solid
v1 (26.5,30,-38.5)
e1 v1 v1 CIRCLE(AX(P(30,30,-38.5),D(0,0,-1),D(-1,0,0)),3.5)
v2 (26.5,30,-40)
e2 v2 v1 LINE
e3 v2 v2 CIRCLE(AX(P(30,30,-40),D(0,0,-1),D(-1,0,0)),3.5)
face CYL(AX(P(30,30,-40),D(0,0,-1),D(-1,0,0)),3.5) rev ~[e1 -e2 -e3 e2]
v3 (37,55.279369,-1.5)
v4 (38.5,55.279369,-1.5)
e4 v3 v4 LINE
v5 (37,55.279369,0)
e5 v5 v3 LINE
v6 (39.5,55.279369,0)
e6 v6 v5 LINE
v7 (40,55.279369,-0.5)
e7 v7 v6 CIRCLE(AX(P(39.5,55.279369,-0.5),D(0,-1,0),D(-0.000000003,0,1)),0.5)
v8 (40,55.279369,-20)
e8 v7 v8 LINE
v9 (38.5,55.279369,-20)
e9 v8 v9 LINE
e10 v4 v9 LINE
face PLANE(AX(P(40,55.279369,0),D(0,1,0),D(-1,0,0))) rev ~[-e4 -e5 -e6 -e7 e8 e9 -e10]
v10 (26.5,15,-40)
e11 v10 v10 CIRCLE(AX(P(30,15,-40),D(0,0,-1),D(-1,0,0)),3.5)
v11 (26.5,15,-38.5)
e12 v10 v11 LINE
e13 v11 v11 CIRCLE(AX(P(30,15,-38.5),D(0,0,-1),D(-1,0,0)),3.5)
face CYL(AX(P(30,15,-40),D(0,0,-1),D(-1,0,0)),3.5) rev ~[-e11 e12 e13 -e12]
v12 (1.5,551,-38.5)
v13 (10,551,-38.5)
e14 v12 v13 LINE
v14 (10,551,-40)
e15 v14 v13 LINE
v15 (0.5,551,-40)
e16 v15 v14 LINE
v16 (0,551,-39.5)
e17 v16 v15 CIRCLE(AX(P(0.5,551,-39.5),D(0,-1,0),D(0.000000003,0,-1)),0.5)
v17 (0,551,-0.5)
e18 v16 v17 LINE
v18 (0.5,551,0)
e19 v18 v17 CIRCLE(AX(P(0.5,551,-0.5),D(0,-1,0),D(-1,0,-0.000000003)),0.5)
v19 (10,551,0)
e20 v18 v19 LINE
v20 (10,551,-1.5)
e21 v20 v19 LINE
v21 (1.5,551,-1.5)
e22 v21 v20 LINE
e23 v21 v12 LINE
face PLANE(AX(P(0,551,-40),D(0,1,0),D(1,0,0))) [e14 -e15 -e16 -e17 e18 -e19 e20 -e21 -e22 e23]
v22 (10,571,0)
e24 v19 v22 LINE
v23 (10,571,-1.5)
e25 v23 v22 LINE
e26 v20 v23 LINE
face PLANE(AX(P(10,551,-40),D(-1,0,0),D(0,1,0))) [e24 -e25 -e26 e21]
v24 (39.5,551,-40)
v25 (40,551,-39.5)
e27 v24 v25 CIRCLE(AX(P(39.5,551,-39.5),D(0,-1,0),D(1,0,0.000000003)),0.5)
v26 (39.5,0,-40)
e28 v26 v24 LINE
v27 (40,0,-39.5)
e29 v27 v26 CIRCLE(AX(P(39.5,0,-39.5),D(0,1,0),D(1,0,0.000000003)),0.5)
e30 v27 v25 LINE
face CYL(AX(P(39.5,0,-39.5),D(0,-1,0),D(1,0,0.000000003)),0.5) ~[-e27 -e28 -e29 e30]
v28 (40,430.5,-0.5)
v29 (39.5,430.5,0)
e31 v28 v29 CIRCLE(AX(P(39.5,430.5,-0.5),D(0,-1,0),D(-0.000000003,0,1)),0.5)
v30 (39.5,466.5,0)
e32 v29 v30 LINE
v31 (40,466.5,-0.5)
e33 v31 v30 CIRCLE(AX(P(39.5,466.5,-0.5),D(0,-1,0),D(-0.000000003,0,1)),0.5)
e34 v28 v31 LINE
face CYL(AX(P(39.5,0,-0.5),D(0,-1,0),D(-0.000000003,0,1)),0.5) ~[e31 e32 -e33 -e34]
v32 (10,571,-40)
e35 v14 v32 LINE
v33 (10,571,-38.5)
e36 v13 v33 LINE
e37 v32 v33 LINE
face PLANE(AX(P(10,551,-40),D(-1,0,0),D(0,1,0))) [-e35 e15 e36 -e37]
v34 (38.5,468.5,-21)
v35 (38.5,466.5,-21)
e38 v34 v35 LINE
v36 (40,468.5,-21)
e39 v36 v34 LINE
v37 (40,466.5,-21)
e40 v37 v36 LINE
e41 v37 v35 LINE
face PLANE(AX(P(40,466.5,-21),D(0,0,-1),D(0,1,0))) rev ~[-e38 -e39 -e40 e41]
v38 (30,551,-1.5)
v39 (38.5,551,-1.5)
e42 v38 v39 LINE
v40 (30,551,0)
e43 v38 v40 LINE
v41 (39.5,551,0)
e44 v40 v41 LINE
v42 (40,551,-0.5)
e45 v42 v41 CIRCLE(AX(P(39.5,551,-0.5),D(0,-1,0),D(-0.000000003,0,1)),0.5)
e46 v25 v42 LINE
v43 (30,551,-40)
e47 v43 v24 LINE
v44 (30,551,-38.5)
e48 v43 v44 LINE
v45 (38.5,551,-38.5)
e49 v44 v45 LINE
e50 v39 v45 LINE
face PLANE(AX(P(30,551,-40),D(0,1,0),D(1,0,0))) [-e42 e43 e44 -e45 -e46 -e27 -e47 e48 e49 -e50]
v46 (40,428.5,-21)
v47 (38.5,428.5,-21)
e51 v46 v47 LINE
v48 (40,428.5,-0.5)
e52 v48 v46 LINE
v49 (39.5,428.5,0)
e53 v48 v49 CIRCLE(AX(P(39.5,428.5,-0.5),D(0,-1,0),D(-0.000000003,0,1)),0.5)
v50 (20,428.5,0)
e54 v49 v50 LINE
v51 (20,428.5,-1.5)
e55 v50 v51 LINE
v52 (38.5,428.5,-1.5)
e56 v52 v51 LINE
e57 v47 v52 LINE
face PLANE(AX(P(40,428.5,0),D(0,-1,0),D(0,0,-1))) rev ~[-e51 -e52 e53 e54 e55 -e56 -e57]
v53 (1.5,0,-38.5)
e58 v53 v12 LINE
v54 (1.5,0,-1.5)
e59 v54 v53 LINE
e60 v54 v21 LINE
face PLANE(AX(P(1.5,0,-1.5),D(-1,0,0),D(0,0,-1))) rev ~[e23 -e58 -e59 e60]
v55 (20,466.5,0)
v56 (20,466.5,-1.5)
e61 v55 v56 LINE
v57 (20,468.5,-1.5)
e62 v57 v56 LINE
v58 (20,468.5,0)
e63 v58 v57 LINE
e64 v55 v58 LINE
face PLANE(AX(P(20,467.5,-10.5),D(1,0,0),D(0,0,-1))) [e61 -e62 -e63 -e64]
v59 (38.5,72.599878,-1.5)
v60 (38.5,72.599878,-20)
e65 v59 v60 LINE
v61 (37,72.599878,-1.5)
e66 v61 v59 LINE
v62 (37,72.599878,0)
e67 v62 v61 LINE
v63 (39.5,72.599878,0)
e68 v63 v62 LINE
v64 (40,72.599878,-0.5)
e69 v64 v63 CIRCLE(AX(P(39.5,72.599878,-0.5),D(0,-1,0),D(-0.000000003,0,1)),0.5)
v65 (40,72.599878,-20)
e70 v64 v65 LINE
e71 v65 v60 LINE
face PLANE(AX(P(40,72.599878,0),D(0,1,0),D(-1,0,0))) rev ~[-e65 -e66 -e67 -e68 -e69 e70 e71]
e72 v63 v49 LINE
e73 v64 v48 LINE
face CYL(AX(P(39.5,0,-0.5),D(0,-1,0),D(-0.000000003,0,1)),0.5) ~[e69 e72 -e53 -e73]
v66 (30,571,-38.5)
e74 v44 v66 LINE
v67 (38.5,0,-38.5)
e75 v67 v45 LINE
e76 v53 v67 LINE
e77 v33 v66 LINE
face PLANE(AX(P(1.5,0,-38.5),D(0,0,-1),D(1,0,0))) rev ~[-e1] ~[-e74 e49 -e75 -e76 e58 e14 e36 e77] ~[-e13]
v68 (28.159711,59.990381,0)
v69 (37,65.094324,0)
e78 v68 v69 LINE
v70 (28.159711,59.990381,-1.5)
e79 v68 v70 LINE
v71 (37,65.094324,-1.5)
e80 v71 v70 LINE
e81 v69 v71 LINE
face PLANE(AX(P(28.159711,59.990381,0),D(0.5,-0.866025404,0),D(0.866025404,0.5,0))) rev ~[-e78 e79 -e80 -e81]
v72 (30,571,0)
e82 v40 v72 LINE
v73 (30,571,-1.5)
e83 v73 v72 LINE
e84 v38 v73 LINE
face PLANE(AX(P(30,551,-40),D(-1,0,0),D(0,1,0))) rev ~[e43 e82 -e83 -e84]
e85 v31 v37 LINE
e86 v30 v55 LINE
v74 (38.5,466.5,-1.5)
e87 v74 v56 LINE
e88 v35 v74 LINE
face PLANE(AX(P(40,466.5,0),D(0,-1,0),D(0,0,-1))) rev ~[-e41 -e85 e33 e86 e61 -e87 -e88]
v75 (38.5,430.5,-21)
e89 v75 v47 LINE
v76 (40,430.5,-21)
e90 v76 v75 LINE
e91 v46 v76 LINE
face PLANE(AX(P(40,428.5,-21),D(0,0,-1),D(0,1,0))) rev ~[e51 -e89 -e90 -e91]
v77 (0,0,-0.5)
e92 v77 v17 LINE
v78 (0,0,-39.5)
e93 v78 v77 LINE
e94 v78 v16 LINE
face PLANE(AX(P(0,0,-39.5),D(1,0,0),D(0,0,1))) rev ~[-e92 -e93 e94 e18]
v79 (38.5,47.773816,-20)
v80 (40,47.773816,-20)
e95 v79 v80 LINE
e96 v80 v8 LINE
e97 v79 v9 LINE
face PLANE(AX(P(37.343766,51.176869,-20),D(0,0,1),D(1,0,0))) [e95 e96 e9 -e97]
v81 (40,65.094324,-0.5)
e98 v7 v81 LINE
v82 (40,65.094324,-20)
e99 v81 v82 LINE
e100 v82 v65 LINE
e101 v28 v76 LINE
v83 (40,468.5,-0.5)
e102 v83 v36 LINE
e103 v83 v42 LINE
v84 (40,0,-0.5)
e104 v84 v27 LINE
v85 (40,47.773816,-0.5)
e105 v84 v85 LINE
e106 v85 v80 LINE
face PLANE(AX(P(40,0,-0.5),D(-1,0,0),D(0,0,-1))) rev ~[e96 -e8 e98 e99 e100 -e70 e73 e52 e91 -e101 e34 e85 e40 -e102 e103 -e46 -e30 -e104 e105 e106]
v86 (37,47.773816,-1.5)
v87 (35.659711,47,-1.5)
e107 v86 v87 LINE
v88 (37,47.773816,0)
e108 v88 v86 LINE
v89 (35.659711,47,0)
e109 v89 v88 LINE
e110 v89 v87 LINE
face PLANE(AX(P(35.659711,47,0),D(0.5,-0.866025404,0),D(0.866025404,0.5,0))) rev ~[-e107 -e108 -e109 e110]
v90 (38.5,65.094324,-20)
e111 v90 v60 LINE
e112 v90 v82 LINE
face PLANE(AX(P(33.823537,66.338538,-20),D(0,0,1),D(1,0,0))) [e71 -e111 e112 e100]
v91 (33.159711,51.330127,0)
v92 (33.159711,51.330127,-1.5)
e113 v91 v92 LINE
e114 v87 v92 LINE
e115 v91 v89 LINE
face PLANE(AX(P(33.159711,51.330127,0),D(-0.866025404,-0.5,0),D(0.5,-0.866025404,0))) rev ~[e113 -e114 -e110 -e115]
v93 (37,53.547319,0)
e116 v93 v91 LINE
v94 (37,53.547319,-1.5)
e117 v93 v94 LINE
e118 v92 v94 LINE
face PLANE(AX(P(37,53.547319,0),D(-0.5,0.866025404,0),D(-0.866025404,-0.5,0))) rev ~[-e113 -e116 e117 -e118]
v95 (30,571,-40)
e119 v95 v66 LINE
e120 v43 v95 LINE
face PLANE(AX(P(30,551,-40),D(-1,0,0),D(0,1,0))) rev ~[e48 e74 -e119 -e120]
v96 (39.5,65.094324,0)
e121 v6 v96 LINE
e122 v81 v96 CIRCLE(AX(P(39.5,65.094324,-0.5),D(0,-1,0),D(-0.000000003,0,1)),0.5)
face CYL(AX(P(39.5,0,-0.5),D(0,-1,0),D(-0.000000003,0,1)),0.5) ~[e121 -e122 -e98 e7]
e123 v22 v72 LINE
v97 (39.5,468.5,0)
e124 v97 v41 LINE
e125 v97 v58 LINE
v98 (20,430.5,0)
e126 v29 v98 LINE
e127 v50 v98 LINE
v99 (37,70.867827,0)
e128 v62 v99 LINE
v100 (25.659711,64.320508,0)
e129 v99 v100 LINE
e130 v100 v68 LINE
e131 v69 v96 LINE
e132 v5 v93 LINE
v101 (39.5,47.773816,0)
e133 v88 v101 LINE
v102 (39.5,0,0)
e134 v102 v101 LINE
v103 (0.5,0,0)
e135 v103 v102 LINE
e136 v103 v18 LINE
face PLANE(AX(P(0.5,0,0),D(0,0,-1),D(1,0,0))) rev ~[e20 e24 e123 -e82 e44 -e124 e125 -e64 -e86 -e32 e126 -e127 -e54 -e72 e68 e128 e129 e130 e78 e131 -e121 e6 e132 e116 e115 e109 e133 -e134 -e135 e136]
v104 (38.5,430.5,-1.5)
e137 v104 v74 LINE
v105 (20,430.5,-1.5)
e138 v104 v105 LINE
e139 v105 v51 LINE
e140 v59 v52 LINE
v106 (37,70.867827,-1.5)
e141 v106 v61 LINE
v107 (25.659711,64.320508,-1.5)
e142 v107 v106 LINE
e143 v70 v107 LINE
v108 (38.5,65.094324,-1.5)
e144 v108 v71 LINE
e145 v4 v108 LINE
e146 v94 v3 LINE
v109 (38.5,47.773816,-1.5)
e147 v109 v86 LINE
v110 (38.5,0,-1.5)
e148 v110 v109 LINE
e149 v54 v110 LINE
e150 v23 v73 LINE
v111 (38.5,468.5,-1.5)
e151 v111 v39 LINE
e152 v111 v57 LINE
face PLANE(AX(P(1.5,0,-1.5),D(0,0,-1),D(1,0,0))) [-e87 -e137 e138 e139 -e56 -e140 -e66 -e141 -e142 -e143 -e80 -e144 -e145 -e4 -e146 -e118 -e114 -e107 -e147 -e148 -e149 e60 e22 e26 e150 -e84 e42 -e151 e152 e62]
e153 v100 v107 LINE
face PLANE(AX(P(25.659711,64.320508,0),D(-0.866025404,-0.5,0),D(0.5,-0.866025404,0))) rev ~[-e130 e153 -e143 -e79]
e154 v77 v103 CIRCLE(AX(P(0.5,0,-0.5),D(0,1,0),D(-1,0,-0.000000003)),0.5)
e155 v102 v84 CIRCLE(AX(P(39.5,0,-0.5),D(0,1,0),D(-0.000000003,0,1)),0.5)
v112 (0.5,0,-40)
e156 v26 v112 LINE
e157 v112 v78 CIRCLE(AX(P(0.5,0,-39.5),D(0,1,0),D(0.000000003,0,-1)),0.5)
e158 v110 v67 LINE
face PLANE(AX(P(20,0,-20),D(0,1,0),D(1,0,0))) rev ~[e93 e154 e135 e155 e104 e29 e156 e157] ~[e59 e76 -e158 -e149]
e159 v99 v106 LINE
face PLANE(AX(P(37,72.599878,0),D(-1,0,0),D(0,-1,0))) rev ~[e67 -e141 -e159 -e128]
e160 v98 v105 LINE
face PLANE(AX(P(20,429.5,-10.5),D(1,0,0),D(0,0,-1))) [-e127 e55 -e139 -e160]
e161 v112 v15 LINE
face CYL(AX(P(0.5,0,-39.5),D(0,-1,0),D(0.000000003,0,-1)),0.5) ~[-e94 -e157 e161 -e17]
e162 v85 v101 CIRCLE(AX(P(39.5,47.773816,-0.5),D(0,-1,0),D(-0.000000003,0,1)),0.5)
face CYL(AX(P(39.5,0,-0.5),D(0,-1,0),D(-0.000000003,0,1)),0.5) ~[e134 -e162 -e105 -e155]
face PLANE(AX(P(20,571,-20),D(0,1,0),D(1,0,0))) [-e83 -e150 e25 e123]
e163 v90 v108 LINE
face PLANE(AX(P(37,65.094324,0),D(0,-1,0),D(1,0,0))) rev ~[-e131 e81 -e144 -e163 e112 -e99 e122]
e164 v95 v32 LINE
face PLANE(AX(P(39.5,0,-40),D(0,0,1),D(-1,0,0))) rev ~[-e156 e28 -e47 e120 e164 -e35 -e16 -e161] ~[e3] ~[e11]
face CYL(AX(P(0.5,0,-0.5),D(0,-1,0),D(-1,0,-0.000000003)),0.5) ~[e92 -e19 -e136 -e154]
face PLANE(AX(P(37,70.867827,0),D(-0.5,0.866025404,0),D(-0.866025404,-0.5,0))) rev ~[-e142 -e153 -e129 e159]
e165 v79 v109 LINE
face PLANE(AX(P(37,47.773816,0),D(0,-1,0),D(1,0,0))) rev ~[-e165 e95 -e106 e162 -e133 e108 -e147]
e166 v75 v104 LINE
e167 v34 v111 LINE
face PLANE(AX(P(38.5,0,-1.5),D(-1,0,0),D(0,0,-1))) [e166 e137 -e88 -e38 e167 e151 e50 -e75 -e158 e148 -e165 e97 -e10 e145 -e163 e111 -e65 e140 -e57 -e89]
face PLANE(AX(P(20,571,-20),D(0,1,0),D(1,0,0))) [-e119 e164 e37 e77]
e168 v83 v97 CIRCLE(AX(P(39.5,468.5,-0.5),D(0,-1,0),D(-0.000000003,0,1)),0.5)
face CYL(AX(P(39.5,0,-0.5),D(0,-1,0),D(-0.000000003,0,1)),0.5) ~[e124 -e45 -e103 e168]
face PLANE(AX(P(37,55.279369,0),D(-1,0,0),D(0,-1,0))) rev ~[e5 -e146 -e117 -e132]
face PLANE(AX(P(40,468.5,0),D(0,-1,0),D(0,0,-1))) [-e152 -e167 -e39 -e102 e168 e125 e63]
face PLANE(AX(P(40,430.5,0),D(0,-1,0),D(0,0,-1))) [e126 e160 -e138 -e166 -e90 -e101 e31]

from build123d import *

# Parameters (mm, degrees)
SKETCH1_W           = 37
SKETCH1_H           = 37
BOSS_EXTRUDE1_DEPTH = 571
SKETCH2_W           = 10
SKETCH2_H           = 20
CUT_EXTRUDE1_DEPTH  = 40
SKETCH3_W           = 21
SKETCH3_H           = 2
CUT_EXTRUDE2_DEPTH  = 20
CUT_EXTRUDE3_START  = -40
CUT_EXTRUDE3_DEPTH  = 20
SKETCH5_R           = 3.5
CUT_EXTRUDE4_DEPTH  = 10


with BuildPart() as part:
    # Sketch1 → Boss-Extrude1 (new body)
    with BuildSketch(Plane(origin=(0, 0, 0), x_dir=(1, 0, 0), z_dir=(0, 1, 0))):
        with BuildLine():
            Line((0.5, 0), (39.5, 0))
            ThreePointArc((39.5, 0), (39.853553391, 0.146446609), (40, 0.5))
            Line((40, 0.5), (40, 39.5))
            ThreePointArc((40, 39.5), (39.853553391, 39.853553391), (39.5, 40))
            Line((39.5, 40), (0.5, 40))
            ThreePointArc((0.5, 40), (0.146446609, 39.853553391), (0, 39.5))
            Line((0, 39.5), (0, 0.5))
            ThreePointArc((0, 0.5), (0.146446609, 0.146446609), (0.5, 0))
        make_face()
        with Locations((20, 20)):
            Rectangle(SKETCH1_W, SKETCH1_H, mode=Mode.SUBTRACT)
    extrude(amount=BOSS_EXTRUDE1_DEPTH)

    # Sketch2 → Cut-Extrude1 (cut)
    with BuildSketch(Plane.XY.offset(-40)):
        with Locations((35, 561)):
            Rectangle(SKETCH2_W, SKETCH2_H)
        with Locations((5, 561)):
            Rectangle(SKETCH2_W, SKETCH2_H)
    extrude(amount=CUT_EXTRUDE1_DEPTH, mode=Mode.SUBTRACT)

    # Sketch3 → Cut-Extrude2 (cut)
    with BuildSketch(Plane(origin=(40, 0, 0), x_dir=(0, 0, -1), z_dir=(1, 0, 0))):
        with Locations((10.5, 467.5)):
            Rectangle(SKETCH3_W, SKETCH3_H)
        with Locations((10.5, 429.5)):
            Rectangle(SKETCH3_W, SKETCH3_H)
    extrude(amount=-CUT_EXTRUDE2_DEPTH, mode=Mode.SUBTRACT)

    # Sketch4 → Cut-Extrude3 (cut)
    with BuildSketch(Plane(origin=(0, 0, -40), x_dir=(-1, 0, 0), z_dir=(0, 0, -1)).offset(CUT_EXTRUDE3_START)):
        Polygon((-40, 72.59987752), (-37, 72.59987752), (-37, 70.867826713), (-25.659711467, 64.320508076), (-28.159711467, 59.990381057), (-37, 65.094324021), (-40, 65.094324021), align=None)
        Polygon((-40, 55.279369445), (-37, 55.279369445), (-37, 53.547318637), (-33.159711467, 51.330127019), (-35.659711467, 47), (-37, 47.773815945), (-40, 47.773815945), align=None)
    extrude(amount=CUT_EXTRUDE3_DEPTH, mode=Mode.SUBTRACT)

    # Sketch5 → Cut-Extrude4 (cut)
    with BuildSketch(Plane(origin=(0, 0, -40), x_dir=(-1, 0, 0), z_dir=(0, 0, -1))):
        with Locations((-30, 15)):
            Circle(SKETCH5_R)
        with Locations((-30, 30)):
            Circle(SKETCH5_R)
    extrude(amount=-CUT_EXTRUDE4_DEPTH, mode=Mode.SUBTRACT)


solid = part.part
